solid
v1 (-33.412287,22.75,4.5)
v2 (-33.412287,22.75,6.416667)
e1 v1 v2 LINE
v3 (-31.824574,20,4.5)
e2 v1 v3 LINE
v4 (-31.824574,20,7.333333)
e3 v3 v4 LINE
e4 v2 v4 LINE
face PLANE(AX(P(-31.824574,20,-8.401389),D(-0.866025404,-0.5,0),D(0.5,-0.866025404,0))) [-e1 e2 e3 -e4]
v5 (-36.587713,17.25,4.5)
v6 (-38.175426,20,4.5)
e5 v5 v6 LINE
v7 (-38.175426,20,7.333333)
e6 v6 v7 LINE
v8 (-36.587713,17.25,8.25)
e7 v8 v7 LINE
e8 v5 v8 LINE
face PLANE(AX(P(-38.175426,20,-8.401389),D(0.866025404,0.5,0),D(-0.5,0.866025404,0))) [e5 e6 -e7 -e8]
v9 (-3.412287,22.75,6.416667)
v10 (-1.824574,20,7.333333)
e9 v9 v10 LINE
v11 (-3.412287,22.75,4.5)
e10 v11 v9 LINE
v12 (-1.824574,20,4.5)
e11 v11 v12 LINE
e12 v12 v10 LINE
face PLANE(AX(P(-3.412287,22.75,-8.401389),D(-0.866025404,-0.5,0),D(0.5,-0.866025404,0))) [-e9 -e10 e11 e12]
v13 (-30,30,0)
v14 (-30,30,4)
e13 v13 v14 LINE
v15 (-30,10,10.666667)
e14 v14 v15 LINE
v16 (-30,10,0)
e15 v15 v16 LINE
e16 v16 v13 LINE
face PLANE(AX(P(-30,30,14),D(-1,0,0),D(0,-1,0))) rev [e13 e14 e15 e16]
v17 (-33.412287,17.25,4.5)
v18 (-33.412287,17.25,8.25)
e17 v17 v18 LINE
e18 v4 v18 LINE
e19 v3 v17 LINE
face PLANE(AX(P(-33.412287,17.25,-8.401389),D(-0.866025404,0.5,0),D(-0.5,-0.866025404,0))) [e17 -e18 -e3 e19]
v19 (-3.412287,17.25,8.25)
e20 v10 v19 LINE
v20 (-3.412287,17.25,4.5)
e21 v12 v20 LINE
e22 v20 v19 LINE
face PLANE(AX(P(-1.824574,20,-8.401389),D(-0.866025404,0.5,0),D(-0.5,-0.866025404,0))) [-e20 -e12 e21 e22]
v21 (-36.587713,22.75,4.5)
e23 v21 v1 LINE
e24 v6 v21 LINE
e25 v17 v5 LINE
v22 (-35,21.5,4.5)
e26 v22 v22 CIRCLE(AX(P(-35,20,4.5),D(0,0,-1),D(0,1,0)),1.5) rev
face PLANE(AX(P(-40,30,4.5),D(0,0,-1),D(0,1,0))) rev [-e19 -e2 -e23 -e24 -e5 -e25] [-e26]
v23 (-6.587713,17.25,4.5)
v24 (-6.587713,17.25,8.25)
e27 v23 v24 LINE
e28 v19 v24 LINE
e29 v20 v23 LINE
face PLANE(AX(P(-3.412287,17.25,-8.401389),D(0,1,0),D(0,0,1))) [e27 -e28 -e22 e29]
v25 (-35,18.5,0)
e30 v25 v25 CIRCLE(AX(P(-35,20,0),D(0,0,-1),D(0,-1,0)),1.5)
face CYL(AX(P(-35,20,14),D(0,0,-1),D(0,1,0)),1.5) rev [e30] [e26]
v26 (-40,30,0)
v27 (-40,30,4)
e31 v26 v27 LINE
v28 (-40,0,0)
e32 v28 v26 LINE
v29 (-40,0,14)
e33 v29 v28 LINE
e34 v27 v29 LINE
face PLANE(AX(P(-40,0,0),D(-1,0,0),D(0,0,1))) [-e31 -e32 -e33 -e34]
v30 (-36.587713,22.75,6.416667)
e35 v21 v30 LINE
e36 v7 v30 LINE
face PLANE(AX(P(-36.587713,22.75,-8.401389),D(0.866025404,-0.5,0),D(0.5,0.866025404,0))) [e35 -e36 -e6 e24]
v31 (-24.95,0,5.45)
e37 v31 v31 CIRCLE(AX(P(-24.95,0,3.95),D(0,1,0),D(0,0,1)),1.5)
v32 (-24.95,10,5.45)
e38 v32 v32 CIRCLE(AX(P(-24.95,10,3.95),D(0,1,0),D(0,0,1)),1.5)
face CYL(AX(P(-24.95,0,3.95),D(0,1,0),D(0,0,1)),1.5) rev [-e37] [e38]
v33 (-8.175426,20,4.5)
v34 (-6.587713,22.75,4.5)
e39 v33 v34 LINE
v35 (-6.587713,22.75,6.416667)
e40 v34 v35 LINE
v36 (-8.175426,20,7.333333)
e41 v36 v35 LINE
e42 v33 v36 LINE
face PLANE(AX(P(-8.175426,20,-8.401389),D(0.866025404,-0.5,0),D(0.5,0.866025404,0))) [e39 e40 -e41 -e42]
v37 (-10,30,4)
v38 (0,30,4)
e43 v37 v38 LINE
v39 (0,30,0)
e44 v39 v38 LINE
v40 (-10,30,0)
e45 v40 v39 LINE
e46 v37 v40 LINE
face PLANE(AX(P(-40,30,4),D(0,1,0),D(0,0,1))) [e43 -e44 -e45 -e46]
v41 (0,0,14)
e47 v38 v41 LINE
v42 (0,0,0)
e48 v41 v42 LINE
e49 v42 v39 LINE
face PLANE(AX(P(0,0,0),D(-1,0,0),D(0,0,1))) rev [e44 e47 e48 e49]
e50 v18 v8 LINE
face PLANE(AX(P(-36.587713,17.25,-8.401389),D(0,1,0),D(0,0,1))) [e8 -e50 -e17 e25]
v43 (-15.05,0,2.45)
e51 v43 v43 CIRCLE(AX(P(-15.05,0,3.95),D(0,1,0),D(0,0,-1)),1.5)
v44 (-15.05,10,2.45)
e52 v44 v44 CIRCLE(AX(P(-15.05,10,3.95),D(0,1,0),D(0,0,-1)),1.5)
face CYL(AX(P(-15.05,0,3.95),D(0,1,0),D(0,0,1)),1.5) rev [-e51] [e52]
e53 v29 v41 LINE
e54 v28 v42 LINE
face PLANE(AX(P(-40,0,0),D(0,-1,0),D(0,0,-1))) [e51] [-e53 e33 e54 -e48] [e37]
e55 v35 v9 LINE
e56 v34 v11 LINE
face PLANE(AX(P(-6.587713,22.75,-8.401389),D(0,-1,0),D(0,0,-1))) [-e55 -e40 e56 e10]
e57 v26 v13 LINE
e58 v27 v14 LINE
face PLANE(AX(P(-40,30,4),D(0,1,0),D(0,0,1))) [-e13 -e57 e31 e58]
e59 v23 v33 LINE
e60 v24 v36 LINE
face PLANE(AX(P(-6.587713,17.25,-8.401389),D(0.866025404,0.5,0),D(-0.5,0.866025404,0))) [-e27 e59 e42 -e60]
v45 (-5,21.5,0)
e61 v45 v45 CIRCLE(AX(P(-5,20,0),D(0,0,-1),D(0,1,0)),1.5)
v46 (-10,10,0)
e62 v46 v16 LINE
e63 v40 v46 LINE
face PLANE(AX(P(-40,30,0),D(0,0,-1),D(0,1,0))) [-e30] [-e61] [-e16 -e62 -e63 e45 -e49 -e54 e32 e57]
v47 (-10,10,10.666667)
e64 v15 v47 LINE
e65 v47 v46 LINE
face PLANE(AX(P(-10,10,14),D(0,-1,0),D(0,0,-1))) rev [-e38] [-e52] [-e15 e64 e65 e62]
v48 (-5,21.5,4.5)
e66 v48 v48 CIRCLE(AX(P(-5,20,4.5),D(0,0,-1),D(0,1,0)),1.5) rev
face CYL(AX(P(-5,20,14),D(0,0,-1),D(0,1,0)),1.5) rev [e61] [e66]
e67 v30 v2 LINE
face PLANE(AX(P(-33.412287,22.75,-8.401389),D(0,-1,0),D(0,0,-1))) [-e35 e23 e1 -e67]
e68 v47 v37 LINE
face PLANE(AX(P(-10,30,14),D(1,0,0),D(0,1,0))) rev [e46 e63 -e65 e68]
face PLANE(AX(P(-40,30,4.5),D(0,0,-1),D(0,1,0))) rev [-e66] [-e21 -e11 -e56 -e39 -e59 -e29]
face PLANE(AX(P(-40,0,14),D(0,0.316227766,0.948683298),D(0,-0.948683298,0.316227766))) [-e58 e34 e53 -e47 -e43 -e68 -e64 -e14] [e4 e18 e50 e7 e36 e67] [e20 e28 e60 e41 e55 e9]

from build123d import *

# Parameters (mm, degrees)
EXTRUDE1_DEPTH = 40
SKETCH2_W      = 20
SKETCH2_H      = 20
EXTRUDE2_DEPTH = 52.923019943
SKETCH3_R      = 1.5
EXTRUDE3_DEPTH = 52.923019943
SKETCH4_R      = 1.5
EXTRUDE4_DEPTH = 47.861498055
EXTRUDE5_DEPTH = 9.5


with BuildPart() as part:
    # Sketch1 → Extrude1 (new body)
    with BuildSketch(Plane(origin=(0, 0, 0), x_dir=(0, 0, -1), z_dir=(1, 0, 0))):
        Polygon((0, 0), (-14, 0), (-4, 30), (0, 30), align=None)
    extrude(amount=-EXTRUDE1_DEPTH)

    # Sketch2 → Extrude2 (cut, through all)
    with BuildSketch(Plane(origin=(0, 0, 0), x_dir=(-1, 0, 0), z_dir=(0, 0, -1))):
        with Locations((20, 20)):
            Rectangle(SKETCH2_W, SKETCH2_H)
    extrude(amount=-EXTRUDE2_DEPTH, mode=Mode.SUBTRACT)

    # Sketch3 → Extrude3 (cut, through all)
    with BuildSketch(Plane(origin=(0, 0, 0), x_dir=(-1, 0, 0), z_dir=(0, 0, -1))):
        with Locations(Location((5, 20, 0), (0, 0, 90))):
            Circle(SKETCH3_R)
        with Locations(Location((35, 20, 0), (0, 0, 90))):
            Circle(SKETCH3_R)
    extrude(amount=-EXTRUDE3_DEPTH, mode=Mode.SUBTRACT)

    # Sketch4 → Extrude4 (cut, through all)
    with BuildSketch(Plane(origin=(0, 10, 0), x_dir=(1, 0, 0), z_dir=(0, 1, 0))):
        with Locations(Location((-24.95, -3.95, 0), (0, 0, 270))):
            Circle(SKETCH4_R)
        with Locations(Location((-15.05, -3.95, 0), (0, 0, 90))):
            Circle(SKETCH4_R)
    extrude(amount=-EXTRUDE4_DEPTH, mode=Mode.SUBTRACT)

    # Sketch8 → Extrude5 (cut)
    with BuildSketch(Plane(origin=(0, 0, 14), x_dir=(-1, 0, 0), z_dir=(0, 0, -1))):
        Polygon((6.58771324, 17.25), (8.175426481, 20), (6.58771324, 22.75), (3.41228676, 22.75), (1.824573519, 20), (3.41228676, 17.25), align=None)
        Polygon((36.58771324, 17.25), (33.41228676, 17.25), (31.824573519, 20), (33.41228676, 22.75), (36.58771324, 22.75), (38.175426481, 20), align=None)
    extrude(amount=EXTRUDE5_DEPTH, mode=Mode.SUBTRACT)


solid = part.part
